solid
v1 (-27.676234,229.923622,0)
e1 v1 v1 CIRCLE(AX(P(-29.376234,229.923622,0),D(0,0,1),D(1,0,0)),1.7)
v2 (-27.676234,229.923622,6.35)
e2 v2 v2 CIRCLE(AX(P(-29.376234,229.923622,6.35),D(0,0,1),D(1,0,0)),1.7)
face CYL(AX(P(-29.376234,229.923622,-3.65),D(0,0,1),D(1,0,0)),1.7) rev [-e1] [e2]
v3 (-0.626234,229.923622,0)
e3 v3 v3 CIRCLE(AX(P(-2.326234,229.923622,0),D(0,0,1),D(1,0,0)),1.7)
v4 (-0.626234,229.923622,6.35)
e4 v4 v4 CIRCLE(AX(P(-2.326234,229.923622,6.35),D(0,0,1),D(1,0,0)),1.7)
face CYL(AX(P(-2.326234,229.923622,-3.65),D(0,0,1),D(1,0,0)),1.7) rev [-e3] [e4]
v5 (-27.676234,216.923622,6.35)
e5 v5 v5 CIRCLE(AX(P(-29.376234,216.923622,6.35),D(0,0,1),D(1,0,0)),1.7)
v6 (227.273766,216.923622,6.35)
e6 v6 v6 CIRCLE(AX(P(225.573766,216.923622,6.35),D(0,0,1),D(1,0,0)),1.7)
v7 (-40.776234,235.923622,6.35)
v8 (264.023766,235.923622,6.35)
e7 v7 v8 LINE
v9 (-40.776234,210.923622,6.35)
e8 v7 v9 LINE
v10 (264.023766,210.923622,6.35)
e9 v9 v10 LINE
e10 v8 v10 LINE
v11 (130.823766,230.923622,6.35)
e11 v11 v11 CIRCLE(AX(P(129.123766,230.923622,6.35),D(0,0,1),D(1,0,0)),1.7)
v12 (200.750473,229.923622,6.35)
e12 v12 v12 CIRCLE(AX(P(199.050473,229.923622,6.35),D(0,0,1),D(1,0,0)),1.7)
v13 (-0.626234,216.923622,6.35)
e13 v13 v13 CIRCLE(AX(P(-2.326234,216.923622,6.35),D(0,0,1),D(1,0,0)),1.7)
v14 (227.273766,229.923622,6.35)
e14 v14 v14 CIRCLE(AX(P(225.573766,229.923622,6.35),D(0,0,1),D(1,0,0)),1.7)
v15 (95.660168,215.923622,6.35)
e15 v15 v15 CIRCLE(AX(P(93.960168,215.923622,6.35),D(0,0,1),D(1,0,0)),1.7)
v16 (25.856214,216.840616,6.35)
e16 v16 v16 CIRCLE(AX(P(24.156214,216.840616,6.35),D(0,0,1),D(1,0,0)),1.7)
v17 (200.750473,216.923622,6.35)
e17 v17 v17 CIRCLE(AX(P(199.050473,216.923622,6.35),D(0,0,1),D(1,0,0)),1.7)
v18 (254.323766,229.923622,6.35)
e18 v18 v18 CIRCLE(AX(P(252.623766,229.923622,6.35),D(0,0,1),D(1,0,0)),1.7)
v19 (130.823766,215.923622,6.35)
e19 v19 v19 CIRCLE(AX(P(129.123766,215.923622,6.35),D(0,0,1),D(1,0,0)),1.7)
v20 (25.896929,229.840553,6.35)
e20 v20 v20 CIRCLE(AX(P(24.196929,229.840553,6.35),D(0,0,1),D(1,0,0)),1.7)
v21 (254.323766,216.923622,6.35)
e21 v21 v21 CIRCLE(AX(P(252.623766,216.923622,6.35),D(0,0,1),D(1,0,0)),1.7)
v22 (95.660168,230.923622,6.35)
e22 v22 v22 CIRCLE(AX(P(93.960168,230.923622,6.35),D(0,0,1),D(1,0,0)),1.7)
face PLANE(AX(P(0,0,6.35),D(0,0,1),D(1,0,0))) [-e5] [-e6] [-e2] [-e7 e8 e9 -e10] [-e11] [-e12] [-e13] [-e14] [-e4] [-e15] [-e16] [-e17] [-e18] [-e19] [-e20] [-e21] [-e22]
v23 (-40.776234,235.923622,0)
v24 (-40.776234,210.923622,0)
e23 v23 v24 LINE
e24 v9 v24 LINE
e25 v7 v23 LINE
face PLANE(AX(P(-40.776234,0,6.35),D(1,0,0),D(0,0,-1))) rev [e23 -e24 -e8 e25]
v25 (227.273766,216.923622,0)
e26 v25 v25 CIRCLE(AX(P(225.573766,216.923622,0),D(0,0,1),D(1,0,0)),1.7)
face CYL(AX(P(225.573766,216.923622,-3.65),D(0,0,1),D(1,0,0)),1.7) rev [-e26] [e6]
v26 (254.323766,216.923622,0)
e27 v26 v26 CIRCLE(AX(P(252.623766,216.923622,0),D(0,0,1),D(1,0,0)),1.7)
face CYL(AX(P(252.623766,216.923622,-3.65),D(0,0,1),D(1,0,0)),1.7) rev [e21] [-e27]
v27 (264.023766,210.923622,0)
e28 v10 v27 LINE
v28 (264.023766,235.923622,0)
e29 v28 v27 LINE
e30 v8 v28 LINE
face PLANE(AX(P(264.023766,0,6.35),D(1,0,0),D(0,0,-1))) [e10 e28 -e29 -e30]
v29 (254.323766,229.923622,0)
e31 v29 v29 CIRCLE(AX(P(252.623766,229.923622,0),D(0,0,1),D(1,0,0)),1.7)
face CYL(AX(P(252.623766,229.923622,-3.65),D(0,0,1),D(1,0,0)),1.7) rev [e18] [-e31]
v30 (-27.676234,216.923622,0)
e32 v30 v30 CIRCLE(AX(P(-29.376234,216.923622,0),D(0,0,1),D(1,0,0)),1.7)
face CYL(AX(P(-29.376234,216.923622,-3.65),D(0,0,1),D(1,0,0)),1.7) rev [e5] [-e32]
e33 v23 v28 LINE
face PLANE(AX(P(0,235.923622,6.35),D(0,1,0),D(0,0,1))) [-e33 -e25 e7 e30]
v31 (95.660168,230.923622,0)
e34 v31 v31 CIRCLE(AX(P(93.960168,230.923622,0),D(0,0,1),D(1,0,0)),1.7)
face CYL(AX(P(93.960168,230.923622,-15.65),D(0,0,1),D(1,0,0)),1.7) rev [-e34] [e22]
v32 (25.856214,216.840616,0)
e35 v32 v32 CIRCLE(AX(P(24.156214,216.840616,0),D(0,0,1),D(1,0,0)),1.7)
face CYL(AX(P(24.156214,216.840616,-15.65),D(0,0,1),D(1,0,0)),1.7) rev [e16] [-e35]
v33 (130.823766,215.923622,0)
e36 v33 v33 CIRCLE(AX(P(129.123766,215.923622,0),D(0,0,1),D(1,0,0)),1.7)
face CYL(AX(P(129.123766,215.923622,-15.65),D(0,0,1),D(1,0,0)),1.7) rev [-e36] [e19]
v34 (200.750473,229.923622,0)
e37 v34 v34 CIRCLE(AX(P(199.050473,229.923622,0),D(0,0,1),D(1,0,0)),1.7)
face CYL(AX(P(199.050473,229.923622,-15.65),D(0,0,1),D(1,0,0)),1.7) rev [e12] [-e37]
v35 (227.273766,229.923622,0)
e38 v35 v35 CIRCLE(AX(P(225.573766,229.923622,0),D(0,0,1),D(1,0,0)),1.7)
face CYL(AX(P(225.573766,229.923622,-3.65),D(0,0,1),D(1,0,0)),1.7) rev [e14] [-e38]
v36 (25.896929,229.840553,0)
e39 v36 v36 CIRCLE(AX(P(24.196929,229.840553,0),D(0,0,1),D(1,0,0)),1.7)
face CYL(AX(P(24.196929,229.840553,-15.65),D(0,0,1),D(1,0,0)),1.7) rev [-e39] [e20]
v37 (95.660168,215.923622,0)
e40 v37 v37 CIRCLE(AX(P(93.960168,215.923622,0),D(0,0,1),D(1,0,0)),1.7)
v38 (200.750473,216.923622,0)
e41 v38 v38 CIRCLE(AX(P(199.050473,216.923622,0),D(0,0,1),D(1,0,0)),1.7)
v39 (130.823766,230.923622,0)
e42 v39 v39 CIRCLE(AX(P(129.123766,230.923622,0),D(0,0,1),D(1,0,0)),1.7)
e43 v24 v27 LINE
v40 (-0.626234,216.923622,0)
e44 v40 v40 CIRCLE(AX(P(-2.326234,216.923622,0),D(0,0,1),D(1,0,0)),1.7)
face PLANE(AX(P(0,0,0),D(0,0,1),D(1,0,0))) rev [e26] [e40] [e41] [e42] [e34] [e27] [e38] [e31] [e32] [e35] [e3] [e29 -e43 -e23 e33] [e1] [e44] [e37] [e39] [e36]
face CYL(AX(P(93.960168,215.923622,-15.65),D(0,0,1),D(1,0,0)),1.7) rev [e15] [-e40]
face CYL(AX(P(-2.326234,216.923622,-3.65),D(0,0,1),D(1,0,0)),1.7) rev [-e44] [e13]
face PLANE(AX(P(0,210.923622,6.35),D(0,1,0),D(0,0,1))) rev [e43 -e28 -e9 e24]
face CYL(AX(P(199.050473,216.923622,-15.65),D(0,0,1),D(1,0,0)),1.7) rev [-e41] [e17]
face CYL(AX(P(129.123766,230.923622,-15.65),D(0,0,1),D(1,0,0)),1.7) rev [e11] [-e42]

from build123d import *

# Parameters (mm, degrees)
SKETCH1_W           = 304.8
SKETCH1_H           = 25
BOSS_EXTRUDE1_DEPTH = 6.35
SKETCH2_R           = 1.7
CUT_EXTRUDE1_DEPTH  = 10
SKETCH3_R           = 1.7
CUT_EXTRUDE2_DEPTH  = 22


with BuildPart() as part:
    # Sketch1 → Boss-Extrude1 (new body)
    with BuildSketch(Plane.XY):
        with Locations((111.623766163, 223.42362241)):
            Rectangle(SKETCH1_W, SKETCH1_H)
    extrude(amount=BOSS_EXTRUDE1_DEPTH)

    # Sketch2 → Cut-Extrude1 (cut)
    with BuildSketch(Plane.XY.offset(6.35)):
        with Locations((225.573766163, 216.92362241)):
            Circle(SKETCH2_R)
        with Locations((225.573766163, 229.92362241)):
            Circle(SKETCH2_R)
        with Locations((252.623766163, 229.92362241)):
            Circle(SKETCH2_R)
        with Locations((252.623766163, 216.92362241)):
            Circle(SKETCH2_R)
        with Locations((-2.326233837, 216.92362241)):
            Circle(SKETCH2_R)
        with Locations((-29.376233837, 216.92362241)):
            Circle(SKETCH2_R)
        with Locations((-29.376233837, 229.92362241)):
            Circle(SKETCH2_R)
        with Locations((-2.326233837, 229.92362241)):
            Circle(SKETCH2_R)
    extrude(amount=-CUT_EXTRUDE1_DEPTH, mode=Mode.SUBTRACT)

    # Sketch3 → Cut-Extrude2 (cut)
    with BuildSketch(Plane.XY.offset(6.35)):
        with Locations((225.573766163, 216.92362241)):
            Circle(SKETCH3_R)
        with Locations((225.573766163, 229.92362241)):
            Circle(SKETCH3_R)
        with Locations((199.050473293, 216.92362241)):
            Circle(SKETCH3_R)
        with Locations((199.050473293, 229.92362241)):
            Circle(SKETCH3_R)
        with Locations((129.123766163, 215.92362241)):
            Circle(SKETCH3_R)
        with Locations((129.123766163, 230.92362241)):
            Circle(SKETCH3_R)
        with Locations((93.960167873, 215.92362241)):
            Circle(SKETCH3_R)
        with Locations((93.960167873, 230.92362241)):
            Circle(SKETCH3_R)
        with Locations((24.196928947, 229.840552731)):
            Circle(SKETCH3_R)
        with Locations((24.156213572, 216.84061649)):
            Circle(SKETCH3_R)
    extrude(amount=-CUT_EXTRUDE2_DEPTH, mode=Mode.SUBTRACT)


solid = part.part
